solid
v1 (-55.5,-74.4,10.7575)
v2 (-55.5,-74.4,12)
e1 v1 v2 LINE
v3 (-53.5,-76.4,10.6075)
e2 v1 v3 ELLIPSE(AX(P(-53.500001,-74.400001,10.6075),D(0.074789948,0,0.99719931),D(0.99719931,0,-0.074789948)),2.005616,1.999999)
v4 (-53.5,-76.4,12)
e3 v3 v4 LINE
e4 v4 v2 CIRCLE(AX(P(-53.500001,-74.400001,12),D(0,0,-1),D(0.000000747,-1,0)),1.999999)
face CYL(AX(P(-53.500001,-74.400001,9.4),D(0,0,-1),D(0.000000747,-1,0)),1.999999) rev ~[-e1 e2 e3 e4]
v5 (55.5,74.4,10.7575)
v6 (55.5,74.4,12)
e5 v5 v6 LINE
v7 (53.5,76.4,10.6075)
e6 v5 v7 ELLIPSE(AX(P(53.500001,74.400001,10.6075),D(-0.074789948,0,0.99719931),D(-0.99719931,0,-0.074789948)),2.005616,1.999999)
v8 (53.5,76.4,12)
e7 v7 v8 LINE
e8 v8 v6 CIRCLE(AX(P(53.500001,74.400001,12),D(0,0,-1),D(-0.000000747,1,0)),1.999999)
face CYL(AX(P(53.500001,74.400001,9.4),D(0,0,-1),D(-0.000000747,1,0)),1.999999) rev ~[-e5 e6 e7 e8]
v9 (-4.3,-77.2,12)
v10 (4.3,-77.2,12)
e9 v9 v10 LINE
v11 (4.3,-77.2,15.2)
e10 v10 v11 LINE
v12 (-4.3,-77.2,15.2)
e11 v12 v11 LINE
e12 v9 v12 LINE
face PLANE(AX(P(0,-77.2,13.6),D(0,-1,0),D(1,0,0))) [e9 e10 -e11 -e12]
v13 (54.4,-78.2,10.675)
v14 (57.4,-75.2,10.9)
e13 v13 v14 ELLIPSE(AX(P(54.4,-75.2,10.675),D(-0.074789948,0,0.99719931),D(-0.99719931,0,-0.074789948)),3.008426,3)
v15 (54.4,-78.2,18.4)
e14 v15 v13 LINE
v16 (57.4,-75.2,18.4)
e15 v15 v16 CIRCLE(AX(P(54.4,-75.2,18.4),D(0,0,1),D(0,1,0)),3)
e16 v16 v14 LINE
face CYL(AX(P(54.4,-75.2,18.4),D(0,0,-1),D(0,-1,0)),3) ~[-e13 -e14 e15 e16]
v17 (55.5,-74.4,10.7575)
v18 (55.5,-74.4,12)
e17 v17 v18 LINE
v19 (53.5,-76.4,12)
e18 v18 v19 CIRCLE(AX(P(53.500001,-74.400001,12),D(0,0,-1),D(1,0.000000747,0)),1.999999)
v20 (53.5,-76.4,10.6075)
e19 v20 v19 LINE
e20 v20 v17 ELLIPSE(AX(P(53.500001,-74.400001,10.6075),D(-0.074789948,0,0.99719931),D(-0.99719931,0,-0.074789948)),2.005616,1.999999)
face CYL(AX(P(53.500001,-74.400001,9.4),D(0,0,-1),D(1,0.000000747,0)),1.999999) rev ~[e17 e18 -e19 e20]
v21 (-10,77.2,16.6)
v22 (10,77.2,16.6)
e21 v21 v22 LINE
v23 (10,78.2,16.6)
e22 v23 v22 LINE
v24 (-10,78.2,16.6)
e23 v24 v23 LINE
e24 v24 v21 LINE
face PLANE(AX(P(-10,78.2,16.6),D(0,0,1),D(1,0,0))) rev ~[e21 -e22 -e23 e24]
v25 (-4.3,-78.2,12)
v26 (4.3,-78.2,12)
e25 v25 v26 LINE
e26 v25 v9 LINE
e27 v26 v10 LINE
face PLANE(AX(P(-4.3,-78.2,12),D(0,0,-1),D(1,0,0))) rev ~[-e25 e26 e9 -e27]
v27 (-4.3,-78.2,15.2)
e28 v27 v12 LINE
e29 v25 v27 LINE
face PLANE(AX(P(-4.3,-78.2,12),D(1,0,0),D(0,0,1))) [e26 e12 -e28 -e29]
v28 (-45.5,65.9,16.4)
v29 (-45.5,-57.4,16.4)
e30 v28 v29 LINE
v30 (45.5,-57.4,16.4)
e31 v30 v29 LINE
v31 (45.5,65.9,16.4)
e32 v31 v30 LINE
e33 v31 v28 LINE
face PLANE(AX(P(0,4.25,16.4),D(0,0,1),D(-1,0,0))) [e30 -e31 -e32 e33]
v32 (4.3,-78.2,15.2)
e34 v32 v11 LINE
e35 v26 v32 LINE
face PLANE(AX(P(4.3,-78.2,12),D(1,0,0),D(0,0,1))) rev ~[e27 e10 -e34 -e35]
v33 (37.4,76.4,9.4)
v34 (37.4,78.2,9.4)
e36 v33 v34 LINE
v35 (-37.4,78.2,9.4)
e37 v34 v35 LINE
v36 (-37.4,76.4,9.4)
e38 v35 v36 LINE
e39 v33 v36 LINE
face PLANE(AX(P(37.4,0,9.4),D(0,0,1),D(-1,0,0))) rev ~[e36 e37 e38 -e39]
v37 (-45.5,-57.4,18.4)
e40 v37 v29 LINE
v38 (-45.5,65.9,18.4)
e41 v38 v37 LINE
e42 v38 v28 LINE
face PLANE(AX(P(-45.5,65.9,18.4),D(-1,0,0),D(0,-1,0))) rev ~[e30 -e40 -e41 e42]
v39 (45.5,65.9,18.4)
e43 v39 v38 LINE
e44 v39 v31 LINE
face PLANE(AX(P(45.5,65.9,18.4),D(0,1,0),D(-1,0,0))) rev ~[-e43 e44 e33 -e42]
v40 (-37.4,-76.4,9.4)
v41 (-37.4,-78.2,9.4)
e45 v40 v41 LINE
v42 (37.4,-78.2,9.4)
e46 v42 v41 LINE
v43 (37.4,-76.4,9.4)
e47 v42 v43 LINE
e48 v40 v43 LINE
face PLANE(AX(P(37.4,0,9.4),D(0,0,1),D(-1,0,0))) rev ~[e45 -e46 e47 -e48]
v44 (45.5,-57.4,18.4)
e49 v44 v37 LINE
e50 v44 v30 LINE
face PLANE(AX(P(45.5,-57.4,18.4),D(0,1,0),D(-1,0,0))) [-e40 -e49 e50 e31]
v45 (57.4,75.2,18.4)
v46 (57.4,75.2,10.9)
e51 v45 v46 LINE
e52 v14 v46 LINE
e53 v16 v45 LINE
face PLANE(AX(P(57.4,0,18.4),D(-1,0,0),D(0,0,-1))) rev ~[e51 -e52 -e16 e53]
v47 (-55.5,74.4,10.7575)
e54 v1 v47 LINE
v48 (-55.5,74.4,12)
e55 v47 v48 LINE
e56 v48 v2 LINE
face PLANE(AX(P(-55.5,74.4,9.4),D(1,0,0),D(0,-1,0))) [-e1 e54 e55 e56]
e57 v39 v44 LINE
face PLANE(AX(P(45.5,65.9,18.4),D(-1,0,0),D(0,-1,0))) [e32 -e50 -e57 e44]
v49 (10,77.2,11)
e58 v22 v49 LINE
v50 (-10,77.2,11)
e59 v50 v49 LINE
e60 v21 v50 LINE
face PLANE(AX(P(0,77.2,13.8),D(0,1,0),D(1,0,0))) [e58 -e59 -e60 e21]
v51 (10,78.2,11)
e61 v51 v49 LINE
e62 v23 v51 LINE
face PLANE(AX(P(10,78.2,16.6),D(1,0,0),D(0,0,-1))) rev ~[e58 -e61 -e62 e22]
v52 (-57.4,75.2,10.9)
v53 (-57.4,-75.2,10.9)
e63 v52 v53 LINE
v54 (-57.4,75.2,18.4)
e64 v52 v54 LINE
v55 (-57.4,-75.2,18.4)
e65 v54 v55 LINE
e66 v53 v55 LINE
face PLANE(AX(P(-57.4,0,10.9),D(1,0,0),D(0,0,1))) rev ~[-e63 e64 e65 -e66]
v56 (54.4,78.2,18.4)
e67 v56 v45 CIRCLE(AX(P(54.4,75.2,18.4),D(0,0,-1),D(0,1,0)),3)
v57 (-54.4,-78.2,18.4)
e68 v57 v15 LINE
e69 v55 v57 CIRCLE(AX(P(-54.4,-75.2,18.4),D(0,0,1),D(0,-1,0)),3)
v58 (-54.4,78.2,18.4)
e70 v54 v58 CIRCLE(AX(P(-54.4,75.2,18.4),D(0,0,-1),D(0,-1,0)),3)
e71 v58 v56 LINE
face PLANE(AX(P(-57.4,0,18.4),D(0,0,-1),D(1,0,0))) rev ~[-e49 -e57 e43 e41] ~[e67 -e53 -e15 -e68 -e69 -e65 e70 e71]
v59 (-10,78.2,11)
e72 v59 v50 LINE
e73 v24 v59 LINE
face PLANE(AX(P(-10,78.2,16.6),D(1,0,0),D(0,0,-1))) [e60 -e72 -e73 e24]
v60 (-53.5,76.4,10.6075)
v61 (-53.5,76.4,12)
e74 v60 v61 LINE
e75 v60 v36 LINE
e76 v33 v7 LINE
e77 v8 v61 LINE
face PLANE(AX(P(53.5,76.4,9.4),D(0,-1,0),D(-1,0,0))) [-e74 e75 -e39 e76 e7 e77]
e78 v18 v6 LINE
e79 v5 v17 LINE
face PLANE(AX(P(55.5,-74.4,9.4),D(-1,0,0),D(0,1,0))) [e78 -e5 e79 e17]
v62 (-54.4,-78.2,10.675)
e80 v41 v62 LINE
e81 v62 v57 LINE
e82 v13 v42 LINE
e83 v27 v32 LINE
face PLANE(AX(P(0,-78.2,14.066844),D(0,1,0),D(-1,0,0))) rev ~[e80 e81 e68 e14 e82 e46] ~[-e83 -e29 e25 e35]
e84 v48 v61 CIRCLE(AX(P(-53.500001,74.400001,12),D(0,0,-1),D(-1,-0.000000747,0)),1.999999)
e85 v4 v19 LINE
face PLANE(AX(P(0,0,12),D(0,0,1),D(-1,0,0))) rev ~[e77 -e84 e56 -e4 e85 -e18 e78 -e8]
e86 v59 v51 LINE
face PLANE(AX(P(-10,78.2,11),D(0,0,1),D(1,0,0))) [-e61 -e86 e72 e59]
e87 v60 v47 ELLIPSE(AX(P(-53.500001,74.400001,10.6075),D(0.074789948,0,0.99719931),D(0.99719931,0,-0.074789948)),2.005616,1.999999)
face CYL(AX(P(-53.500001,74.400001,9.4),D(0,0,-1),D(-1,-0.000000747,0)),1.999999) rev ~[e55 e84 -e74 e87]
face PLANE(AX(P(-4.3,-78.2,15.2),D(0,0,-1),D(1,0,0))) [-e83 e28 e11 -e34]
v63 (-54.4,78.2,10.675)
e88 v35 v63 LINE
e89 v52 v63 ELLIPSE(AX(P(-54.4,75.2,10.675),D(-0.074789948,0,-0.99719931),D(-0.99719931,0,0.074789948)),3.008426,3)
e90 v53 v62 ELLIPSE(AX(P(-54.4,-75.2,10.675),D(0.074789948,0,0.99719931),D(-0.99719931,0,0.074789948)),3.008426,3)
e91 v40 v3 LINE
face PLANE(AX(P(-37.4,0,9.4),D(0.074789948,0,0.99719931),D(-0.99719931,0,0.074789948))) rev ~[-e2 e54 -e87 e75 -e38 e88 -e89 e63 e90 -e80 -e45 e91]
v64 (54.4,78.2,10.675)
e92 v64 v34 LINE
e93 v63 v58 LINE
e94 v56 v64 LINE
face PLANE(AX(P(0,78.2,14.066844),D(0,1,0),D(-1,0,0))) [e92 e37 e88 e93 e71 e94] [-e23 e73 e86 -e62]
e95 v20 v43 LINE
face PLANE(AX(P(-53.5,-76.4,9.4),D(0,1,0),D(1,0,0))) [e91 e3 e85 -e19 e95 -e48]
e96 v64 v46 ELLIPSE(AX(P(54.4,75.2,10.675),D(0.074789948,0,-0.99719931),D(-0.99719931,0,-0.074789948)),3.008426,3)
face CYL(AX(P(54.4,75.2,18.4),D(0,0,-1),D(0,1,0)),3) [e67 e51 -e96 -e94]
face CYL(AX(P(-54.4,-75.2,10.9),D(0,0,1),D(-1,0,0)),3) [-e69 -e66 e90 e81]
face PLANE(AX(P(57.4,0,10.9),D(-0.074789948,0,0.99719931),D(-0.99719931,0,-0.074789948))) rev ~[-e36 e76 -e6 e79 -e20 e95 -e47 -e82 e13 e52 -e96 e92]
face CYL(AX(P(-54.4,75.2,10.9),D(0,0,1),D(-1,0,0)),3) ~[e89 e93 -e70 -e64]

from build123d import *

# Parameters (mm, degrees)
PAD_DEPTH       = 78.2
PAD_DEPTH_BACK  = 78.2
SKETCH004_W     = 91
SKETCH004_H     = 123.3
POCKET_DEPTH    = 2
POCKET001_DEPTH = 2.6
FILLET_R        = 3
SKETCH012_W     = 8.6
SKETCH012_H     = 3.2
POCKET003_DEPTH = 1
SKETCH013_W     = 20
SKETCH013_H     = 5.6
POCKET004_DEPTH = 1


with BuildPart() as part:
    # Sketch003 → Pad (new body, two sides)
    with BuildSketch(Plane.XZ) as pad_sk:
        Polygon((-57.4, 6.4), (57.4, 6.4), (57.4, -1.1), (37.4, -2.6), (-37.4, -2.6), (-57.4, -1.1), align=None)
    extrude(amount=PAD_DEPTH)
    extrude(pad_sk.sketch, amount=-PAD_DEPTH_BACK)

    # Sketch004 (on Face2 of Pad) → Pocket (cut)
    with BuildSketch(Plane(origin=(0, 0, 6.4), x_dir=(-1, 0, 0), z_dir=(0, 0, 1))):
        with Locations((0, -4.25)):
            Rectangle(SKETCH004_W, SKETCH004_H)
    extrude(amount=-POCKET_DEPTH, mode=Mode.SUBTRACT)

    # Sketch005 (on Face6 of Pocket) → Pocket001 (cut)
    with BuildSketch(Plane(origin=(0, 0, -2.6), x_dir=(1, 0, 0), z_dir=(0, 0, -1))):
        with BuildLine():
            Line((-53.5, 76.4), (53.5, 76.4))
            ThreePointArc((55.5, 74.4), (54.914214, 75.814214), (53.5, 76.4))
            Line((55.5, 74.4), (55.5, -74.4))
            ThreePointArc((53.5, -76.4), (54.914214, -75.814214), (55.5, -74.4))
            Line((53.5, -76.4), (-53.5, -76.4))
            ThreePointArc((-55.5, -74.4), (-54.914214, -75.814214), (-53.5, -76.4))
            Line((-55.5, -74.4), (-55.5, 74.4))
            ThreePointArc((-53.5, 76.4), (-54.914214, 75.814214), (-55.5, 74.4))
        make_face()
    extrude(amount=-POCKET001_DEPTH, mode=Mode.SUBTRACT)

    # Fillet
    fillet_edges = [part.edges().sort_by_distance(p)[0] for p in [
        (57.4, -78.2, 2.65),
        (57.4, 78.2, 2.65),
        (-57.4, -78.2, 2.65),
        (-57.4, 78.2, 2.65),
    ]]
    fillet(fillet_edges, radius=FILLET_R)

    # Sketch012 (on Face10 of Fillet) → Pocket003 (cut)
    with BuildSketch(Plane.XZ.offset(78.2)):
        with Locations((0, 1.6)):
            Rectangle(SKETCH012_W, SKETCH012_H)
    extrude(amount=-POCKET003_DEPTH, mode=Mode.SUBTRACT)

    # Sketch013 (on Face6 of Pocket003) → Pocket004 (cut)
    with BuildSketch(Plane(origin=(0, 78.2, 0), x_dir=(1, 0, 0), z_dir=(0, 1, 0))):
        with Locations((0, -1.8)):
            Rectangle(SKETCH013_W, SKETCH013_H)
    extrude(amount=-POCKET004_DEPTH, mode=Mode.SUBTRACT)


with BuildPart() as part_1:
    # Body003 placement: moved
    add(part.part.moved(Location((0, 0, 12))))


solid = part_1.part
